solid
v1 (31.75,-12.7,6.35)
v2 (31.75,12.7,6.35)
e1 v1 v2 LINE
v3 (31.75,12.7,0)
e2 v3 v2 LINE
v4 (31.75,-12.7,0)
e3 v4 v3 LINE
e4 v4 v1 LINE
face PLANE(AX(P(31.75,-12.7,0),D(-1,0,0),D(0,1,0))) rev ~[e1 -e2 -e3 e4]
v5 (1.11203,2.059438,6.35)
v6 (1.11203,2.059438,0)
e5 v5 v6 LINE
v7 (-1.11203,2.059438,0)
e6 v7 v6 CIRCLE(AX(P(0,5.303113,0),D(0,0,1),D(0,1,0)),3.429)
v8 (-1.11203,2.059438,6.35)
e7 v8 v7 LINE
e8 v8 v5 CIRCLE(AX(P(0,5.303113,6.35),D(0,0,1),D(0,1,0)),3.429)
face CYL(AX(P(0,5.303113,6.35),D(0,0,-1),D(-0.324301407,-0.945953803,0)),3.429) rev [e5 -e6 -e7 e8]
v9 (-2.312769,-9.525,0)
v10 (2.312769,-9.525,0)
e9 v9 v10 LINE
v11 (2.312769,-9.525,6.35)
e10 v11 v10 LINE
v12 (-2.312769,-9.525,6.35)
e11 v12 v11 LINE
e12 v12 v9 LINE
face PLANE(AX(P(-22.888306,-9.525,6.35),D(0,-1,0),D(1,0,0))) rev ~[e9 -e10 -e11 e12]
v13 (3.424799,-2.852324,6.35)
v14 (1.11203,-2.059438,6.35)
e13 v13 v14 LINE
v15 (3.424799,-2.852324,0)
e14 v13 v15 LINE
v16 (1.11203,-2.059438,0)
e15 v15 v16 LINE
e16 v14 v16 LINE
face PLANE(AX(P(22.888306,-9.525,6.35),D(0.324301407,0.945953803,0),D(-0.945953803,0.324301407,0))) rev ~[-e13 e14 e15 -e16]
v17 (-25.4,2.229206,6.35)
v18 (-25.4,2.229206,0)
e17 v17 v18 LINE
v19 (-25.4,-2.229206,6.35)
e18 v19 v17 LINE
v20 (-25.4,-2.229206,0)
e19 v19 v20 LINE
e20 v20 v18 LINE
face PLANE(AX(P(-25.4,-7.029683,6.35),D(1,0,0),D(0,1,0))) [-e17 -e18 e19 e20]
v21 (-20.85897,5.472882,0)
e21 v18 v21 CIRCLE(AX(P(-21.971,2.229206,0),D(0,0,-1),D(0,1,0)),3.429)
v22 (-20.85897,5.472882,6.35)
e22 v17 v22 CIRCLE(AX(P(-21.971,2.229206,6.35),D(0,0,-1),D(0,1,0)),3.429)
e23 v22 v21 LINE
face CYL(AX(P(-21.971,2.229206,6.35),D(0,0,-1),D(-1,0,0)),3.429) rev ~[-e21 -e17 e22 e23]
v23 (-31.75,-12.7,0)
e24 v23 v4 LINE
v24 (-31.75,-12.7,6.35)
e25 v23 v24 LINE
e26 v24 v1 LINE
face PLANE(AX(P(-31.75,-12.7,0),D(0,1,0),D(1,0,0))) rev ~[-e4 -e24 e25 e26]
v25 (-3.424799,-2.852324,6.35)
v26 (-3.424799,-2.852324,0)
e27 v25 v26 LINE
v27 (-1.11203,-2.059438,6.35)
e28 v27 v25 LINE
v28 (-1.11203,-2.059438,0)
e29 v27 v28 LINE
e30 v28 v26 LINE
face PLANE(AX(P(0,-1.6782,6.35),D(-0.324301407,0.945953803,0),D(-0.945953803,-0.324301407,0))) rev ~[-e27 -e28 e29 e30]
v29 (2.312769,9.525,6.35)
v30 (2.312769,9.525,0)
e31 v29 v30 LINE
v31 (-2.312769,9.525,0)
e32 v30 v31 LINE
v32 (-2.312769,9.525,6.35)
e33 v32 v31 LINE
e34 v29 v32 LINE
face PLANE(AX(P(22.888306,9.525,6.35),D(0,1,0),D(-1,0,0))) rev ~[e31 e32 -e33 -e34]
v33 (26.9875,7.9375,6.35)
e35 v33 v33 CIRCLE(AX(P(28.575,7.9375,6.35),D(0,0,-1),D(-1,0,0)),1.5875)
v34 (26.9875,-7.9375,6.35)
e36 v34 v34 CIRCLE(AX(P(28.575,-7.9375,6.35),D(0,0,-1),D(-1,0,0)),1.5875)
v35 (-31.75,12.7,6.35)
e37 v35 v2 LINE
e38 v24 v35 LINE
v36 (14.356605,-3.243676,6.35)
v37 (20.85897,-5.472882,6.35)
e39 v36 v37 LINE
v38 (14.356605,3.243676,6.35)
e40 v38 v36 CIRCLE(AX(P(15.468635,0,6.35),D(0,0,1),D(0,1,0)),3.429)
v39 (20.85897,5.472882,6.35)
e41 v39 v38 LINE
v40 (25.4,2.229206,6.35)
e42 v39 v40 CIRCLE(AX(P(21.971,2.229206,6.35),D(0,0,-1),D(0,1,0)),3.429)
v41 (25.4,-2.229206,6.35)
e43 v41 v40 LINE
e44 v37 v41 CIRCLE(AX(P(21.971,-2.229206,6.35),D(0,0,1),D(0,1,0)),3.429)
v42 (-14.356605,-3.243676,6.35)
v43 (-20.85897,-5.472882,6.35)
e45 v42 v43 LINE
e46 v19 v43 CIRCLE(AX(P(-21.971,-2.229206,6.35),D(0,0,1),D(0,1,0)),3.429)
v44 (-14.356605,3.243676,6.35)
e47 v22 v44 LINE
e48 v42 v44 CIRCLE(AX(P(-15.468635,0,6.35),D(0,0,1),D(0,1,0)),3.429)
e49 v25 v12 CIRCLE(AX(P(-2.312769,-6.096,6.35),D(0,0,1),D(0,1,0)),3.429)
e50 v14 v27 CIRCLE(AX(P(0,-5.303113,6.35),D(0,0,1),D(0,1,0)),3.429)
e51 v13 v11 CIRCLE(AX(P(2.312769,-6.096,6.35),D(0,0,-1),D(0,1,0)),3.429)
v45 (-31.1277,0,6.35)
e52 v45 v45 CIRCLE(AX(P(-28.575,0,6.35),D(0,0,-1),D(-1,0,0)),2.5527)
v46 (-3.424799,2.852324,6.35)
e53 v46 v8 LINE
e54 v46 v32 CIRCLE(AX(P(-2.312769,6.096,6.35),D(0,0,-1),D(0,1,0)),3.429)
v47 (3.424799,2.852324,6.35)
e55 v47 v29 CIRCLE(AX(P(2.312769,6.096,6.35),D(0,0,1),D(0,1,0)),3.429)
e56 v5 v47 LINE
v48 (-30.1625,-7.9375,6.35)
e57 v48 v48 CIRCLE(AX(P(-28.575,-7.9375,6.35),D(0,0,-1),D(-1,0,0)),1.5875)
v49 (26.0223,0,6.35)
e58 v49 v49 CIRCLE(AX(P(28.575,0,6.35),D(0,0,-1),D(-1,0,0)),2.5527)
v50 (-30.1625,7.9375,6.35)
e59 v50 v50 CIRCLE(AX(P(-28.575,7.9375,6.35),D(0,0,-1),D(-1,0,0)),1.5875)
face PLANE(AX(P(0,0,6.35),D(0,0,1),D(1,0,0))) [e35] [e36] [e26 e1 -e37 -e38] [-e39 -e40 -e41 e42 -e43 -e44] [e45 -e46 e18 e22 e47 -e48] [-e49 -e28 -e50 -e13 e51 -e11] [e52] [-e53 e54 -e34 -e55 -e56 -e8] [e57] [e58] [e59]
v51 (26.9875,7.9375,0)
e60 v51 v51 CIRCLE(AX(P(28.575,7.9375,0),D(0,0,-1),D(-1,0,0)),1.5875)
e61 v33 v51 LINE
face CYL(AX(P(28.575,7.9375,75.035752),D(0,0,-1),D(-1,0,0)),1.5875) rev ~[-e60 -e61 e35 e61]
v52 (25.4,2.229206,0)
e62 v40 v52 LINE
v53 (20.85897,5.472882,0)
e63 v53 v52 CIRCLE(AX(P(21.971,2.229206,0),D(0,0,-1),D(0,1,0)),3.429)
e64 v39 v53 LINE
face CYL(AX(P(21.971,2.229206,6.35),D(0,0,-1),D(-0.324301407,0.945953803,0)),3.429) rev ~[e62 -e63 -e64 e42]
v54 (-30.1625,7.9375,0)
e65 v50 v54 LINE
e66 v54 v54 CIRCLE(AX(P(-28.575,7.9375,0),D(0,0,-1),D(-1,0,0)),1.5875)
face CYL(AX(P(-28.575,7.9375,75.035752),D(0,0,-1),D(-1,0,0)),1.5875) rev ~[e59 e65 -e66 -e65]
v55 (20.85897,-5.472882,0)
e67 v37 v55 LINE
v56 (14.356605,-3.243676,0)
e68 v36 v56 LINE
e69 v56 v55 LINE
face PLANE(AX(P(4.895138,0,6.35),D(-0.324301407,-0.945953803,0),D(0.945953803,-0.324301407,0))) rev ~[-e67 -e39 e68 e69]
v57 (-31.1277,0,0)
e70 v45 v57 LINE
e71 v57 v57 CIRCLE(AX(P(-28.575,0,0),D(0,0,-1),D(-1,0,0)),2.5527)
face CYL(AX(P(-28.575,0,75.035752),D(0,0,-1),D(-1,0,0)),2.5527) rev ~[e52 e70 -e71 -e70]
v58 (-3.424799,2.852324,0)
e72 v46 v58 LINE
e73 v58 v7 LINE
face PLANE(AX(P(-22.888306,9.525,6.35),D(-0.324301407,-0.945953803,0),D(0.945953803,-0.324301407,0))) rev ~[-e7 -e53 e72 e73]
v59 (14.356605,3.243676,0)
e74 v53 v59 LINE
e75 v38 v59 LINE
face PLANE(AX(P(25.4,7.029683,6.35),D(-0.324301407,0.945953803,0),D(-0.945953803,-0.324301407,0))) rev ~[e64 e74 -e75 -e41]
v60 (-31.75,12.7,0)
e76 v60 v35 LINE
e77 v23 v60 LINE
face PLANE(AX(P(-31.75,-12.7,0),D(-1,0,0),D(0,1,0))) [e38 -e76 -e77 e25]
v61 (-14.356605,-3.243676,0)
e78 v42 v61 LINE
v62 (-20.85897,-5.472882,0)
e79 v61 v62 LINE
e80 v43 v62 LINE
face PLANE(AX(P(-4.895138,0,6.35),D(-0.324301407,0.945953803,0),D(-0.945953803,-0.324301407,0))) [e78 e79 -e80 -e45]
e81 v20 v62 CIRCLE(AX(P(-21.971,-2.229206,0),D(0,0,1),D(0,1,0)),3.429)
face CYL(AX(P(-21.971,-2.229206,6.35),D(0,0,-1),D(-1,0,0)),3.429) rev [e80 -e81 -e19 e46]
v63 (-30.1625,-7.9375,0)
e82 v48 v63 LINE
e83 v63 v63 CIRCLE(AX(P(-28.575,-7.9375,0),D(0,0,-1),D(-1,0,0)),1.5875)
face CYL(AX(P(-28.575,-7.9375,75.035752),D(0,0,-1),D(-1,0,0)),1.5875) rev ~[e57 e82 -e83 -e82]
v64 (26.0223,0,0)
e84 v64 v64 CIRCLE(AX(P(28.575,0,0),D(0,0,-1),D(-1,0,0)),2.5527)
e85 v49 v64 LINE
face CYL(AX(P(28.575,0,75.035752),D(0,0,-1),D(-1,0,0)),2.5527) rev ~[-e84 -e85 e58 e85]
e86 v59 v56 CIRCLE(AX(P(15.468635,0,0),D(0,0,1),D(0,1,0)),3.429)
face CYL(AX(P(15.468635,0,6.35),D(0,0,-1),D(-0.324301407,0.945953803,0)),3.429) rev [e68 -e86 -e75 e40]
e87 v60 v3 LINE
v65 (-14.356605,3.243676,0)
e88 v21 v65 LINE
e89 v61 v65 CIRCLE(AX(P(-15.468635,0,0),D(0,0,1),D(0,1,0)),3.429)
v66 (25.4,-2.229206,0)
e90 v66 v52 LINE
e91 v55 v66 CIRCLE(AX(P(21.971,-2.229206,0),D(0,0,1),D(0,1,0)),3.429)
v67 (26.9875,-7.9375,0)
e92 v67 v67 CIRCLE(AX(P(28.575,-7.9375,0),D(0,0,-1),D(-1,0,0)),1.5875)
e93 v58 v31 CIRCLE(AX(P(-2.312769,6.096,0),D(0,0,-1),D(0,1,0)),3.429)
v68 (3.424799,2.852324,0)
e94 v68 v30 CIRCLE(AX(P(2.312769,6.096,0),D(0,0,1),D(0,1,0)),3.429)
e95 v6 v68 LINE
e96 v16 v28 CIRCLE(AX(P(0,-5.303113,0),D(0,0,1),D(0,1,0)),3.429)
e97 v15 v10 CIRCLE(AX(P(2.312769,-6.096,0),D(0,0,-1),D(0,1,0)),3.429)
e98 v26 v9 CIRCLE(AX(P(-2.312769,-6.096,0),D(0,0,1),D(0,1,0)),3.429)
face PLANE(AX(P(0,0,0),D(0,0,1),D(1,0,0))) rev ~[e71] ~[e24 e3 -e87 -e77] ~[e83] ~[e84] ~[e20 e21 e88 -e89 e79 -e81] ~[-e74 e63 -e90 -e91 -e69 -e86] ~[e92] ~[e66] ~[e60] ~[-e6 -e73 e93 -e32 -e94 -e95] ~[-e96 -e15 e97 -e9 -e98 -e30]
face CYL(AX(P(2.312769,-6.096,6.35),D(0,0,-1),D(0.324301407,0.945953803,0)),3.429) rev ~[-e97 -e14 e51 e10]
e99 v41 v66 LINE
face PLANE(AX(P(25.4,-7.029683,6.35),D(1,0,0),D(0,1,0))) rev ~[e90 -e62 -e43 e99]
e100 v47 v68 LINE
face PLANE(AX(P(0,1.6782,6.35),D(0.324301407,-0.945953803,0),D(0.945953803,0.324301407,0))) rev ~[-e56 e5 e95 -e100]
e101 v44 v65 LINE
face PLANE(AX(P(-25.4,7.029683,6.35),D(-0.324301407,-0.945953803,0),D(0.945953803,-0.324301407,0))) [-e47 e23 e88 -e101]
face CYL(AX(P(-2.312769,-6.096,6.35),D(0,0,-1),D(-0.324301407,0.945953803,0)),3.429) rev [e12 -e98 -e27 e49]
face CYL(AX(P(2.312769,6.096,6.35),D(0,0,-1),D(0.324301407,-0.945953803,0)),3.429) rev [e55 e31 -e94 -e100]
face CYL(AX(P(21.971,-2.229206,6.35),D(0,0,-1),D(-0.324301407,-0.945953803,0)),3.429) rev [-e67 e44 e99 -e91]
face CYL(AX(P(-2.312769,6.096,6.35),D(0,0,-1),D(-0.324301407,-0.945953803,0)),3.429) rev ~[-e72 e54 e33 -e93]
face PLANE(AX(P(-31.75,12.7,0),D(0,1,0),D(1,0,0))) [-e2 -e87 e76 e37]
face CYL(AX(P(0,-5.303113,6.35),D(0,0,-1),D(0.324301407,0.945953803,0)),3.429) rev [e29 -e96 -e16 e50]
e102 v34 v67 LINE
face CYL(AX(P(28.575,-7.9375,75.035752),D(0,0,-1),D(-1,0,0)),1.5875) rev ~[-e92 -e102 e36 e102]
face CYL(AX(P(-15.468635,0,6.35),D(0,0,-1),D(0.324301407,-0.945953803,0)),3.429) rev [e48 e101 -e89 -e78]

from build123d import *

# Parameters (mm, degrees)
SKETCH1_W                              = 63.5
SKETCH1_H                              = 25.4
BOSS_EXTRUDE1_DEPTH                    = 6.35
F_10_CLEARANCE_HOLE1_D                 = 5.1054
F_1_8_0_125_TRANSITIONAL_DOWEL_HOLE1_D = 3.175
CUT_EXTRUDE1_DEPTH                     = 7.35
FILLET1_R                              = 3.429


with BuildPart() as part:
    # Sketch1 → Boss-Extrude1 (new body)
    with BuildSketch(Plane.XY):
        Rectangle(SKETCH1_W, SKETCH1_H)
    extrude(amount=BOSS_EXTRUDE1_DEPTH)

    # #10 Clearance Hole1 (through all)
    with Locations(Plane.XY.offset(6.35)):
        with Locations((-28.575, 0), (28.575, 0)):
            Hole(F_10_CLEARANCE_HOLE1_D / 2)

    # 1/8 (0.125) Transitional Dowel Hole1 (through all)
    with Locations(Plane.XY.offset(6.35)):
        with Locations((-28.575, 7.9375), (-28.575, -7.9375), (28.575, 7.9375), (28.575, -7.9375)):
            Hole(F_1_8_0_125_TRANSITIONAL_DOWEL_HOLE1_D / 2)

    # Sketch6 → Cut-Extrude1 (cut, through all)
    with BuildSketch(Plane.XY.offset(6.35)):
        Polygon((-25.4, 7.0296834), (-4.895137561, 0), (-25.4, -7.0296834), align=None)
        Polygon((-22.888306389, 9.525), (0, 1.678200347), (22.888306389, 9.525), align=None)
        Polygon((25.4, 7.0296834), (4.895137561, 0), (25.4, -7.0296834), align=None)
        Polygon((22.888306389, -9.525), (0, -1.678200347), (-22.888306389, -9.525), align=None)
    extrude(amount=-CUT_EXTRUDE1_DEPTH, mode=Mode.SUBTRACT)

    # Fillet1
    fillet1_edges = [part.edges().sort_by_distance(p)[0] for p in [
        (-25.4, -7.0296834, 3.175),
        (-25.4, 7.0296834, 3.175),
        (-4.895137561, 0, 3.175),
        (25.4, 7.0296834, 3.175),
        (25.4, -7.0296834, 3.175),
        (4.895137561, 0, 3.175),
        (22.888306389, -9.525, 3.175),
        (-22.888306389, -9.525, 3.175),
        (0, -1.678200347, 3.175),
        (-22.888306389, 9.525, 3.175),
        (22.888306389, 9.525, 3.175),
        (0, 1.678200347, 3.175),
    ]]
    fillet(fillet1_edges, radius=FILLET1_R)


solid = part.part
